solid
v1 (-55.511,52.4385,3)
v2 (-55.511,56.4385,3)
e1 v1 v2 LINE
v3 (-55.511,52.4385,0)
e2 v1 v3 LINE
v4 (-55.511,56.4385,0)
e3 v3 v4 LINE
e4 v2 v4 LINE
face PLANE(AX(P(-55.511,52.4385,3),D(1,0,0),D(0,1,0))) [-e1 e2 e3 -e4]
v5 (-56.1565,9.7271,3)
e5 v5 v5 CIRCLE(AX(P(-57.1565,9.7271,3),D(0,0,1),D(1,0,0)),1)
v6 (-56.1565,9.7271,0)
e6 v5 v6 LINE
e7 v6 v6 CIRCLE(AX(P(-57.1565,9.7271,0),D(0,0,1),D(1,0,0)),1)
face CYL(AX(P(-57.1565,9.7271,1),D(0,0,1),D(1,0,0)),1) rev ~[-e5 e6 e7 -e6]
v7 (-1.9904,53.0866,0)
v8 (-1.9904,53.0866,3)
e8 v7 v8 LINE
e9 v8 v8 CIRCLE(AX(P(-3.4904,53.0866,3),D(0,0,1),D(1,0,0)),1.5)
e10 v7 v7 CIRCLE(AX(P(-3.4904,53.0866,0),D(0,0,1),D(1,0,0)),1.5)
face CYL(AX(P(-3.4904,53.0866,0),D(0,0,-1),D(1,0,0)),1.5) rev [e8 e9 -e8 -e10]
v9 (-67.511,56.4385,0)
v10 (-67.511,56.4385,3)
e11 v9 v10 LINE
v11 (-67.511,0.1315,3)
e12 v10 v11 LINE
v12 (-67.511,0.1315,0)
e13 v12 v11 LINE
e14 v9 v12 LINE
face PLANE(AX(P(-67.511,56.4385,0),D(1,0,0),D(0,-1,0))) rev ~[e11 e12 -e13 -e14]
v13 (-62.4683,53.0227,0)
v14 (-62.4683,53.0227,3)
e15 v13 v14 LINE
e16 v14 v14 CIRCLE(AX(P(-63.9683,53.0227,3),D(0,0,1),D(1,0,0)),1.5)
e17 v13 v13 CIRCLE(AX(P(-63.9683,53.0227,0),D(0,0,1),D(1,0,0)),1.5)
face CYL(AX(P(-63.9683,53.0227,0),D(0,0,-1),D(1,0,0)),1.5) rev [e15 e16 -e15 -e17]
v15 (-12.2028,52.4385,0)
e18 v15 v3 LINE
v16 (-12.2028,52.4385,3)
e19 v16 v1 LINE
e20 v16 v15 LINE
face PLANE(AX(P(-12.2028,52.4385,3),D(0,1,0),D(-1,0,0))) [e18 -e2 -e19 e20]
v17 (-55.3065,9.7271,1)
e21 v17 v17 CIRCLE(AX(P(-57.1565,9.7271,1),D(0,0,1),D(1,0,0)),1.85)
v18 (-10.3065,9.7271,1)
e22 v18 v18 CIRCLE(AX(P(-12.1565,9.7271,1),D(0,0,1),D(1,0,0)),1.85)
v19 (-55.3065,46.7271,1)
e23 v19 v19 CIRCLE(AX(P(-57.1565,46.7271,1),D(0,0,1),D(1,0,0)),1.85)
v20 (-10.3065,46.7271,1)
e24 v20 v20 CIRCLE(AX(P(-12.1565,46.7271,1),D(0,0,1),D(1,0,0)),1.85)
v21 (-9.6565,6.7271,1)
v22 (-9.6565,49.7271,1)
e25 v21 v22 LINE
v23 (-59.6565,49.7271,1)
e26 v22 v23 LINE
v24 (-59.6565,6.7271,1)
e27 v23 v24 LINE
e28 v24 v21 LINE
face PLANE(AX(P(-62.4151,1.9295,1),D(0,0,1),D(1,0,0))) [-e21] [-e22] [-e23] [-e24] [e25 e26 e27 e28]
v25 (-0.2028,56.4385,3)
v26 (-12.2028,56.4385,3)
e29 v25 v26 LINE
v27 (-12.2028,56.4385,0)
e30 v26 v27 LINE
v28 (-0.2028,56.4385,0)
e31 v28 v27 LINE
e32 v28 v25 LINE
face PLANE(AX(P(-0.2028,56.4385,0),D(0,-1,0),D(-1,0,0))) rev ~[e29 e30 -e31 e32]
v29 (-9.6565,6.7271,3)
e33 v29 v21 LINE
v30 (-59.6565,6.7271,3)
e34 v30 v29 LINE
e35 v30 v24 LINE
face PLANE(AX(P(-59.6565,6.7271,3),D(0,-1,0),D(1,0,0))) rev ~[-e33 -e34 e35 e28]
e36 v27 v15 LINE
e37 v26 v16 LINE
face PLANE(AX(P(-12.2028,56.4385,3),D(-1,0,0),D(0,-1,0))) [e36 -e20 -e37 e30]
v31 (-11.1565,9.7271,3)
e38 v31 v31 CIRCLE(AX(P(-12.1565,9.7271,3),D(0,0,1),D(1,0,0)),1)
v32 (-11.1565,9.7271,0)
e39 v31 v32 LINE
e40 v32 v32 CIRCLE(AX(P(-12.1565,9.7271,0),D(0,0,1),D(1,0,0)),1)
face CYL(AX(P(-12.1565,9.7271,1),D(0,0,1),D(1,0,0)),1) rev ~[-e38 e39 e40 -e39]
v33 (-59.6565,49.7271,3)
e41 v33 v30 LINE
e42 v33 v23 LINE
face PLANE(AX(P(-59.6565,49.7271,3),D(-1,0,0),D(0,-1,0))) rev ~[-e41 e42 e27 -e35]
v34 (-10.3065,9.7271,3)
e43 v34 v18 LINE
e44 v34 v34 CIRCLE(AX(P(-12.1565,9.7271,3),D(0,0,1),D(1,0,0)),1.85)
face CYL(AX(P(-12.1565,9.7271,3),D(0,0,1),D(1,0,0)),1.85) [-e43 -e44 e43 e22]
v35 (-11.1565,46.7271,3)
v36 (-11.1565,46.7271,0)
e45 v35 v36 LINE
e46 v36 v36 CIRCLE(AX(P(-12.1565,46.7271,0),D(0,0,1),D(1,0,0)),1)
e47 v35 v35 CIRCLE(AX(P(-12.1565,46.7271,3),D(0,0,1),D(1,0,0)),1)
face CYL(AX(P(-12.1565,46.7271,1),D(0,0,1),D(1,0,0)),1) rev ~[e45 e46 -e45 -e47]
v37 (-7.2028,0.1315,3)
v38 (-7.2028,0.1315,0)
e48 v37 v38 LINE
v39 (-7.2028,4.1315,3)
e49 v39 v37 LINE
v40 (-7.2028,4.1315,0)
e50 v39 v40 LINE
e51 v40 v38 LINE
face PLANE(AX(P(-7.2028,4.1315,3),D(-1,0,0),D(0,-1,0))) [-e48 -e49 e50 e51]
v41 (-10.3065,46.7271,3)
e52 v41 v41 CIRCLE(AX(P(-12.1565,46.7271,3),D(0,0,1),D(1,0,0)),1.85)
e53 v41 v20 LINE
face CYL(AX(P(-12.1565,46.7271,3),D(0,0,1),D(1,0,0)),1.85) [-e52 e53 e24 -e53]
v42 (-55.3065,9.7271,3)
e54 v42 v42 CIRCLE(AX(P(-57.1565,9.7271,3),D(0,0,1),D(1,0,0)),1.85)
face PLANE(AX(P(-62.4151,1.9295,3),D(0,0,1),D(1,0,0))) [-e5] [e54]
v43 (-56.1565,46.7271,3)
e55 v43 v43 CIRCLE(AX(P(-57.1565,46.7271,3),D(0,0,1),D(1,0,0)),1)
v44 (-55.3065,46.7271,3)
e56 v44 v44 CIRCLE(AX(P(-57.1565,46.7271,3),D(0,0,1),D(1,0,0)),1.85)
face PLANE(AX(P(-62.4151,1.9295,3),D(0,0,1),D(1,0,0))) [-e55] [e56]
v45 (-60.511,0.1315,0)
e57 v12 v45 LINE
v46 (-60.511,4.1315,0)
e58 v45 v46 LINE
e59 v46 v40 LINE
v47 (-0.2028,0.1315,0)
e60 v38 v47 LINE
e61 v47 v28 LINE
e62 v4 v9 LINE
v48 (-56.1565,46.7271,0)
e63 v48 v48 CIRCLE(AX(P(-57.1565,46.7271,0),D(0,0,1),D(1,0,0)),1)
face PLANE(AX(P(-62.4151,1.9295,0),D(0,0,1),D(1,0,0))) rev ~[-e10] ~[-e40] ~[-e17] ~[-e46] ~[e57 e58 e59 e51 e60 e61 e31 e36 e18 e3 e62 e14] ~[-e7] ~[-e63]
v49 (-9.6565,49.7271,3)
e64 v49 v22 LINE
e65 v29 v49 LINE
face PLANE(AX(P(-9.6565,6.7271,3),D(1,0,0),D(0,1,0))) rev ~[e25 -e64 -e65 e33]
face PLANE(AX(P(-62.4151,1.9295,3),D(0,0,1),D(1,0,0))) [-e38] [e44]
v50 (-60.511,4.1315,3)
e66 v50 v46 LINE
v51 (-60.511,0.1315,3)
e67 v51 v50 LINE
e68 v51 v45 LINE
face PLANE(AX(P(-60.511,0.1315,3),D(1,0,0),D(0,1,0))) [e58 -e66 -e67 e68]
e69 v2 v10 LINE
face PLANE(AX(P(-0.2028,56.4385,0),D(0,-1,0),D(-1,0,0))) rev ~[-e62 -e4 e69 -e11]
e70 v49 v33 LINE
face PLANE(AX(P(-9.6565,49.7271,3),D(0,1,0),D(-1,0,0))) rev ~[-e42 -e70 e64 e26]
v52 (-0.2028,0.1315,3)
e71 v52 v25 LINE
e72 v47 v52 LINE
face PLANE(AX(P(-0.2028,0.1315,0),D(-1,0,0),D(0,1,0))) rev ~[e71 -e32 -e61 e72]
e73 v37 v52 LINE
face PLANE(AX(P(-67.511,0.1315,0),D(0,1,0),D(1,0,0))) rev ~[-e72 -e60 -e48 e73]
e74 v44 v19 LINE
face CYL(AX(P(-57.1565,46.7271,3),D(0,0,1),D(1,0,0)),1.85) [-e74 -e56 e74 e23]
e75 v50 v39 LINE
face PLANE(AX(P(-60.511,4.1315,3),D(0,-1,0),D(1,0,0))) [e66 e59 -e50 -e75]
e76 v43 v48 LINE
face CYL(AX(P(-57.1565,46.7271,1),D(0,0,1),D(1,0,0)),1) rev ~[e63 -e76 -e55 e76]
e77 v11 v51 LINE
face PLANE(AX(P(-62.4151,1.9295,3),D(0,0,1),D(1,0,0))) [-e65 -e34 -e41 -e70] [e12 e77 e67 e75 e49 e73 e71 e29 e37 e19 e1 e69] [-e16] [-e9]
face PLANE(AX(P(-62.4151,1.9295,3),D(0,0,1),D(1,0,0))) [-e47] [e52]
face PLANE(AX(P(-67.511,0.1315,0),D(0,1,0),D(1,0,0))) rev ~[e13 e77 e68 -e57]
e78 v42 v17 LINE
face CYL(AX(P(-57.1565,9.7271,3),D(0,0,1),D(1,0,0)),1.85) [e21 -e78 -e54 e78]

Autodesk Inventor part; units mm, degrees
ref_plane "YZ Plane" through (0, 0, 0) normal (1, 0, 0) x (0, 1, 0)
ref_plane "XZ Plane" through (0, 0, 0) normal (0, 1, 0) x (-1, 0, 0)
ref_plane "XY Plane" through (0, 0, 0) normal (0, 0, 1) x (1, 0, 0)
ref_plane "Work Plane1" through (-62.4151, 1.9295, 0) normal (0, 0, 1) x (1, 0, 0)
sketch "Sketch1" plane through (-62.4151, 1.9295, 0) normal (0, 0, 1) x (1, 0, 0)
  line L0 (-5.0959, -1.798) -> (62.2123, -1.798)
  line L1 (62.2123, -1.798) -> (62.2123, 54.509)
  line L2 (62.2123, 54.509) -> (-5.0959, 54.509)
  line L3 (-5.0959, 54.509) -> (-5.0959, -1.798)
  circle A0 centre (-1.5532, 51.0932) radius 1.5
  circle A1 centre (58.9247, 51.1571) radius 1.5
  point P0 (62.4151, -1.9295)
  dimension "d1" = 3
  dimension "d6" = 3
extrude "Extrusion1" add sketch "Sketch1" along normal blind 3
sketch "Sketch3" plane through (-62.4151, 1.9295, 3) normal (0, 0, 1) x (1, 0, 0)
  line L0 (52.7586, 47.7976) -> (2.7586, 47.7976)
  line L1 (2.7586, 47.7976) -> (2.7586, 4.7976)
  line L2 (2.7586, 4.7976) -> (52.7586, 4.7976)
  line L3 (52.7586, 4.7976) -> (52.7586, 47.7976)
  circle A0 centre (5.2586, 7.7976) radius 1
  circle A1 centre (5.2586, 7.7976) radius 1.85
  circle A2 centre (50.2586, 7.7976) radius 1
  circle A3 centre (50.2586, 7.7976) radius 1.85
  circle A4 centre (50.2586, 44.7976) radius 1
  circle A5 centre (50.2586, 44.7976) radius 1.85
  circle A6 centre (5.2586, 44.7976) radius 1
  circle A7 centre (5.2586, 44.7976) radius 1.85
  point P0 (62.4151, -1.9295)
  dimension "d7" = 50
  dimension "d8" = 43
  dimension "d9" = 2
  dimension "d10" = 3.7
  dimension "d11" = 3
  dimension "d12" = 2.5
  dimension "d13" = 2
  dimension "d14" = 3.7
  dimension "d15" = 2
  dimension "d16" = 3.7
  dimension "d17" = 2
  dimension "d18" = 3.7
  dimension "d19" = 3
  dimension "d20" = 2.5
  dimension "d21" = 2.5
  dimension "d22" = 3
  dimension "d23" = 2.5
  dimension "d24" = 3
extrude "Extrusion3" cut sketch "Sketch3" against normal blind 2
sketch "Sketch4" plane through (-62.4151, 1.9295, 1) normal (0, 0, 1) x (1, 0, 0)
  circle A0 centre (50.2586, 7.7976) radius 1 projected
  circle A1 centre (50.2586, 7.7976) radius 1
  circle A2 centre (50.2586, 44.7976) radius 1 projected
  circle A3 centre (50.2586, 44.7976) radius 1
  circle A4 centre (5.2586, 44.7976) radius 1 projected
  circle A5 centre (5.2586, 44.7976) radius 1
  circle A6 centre (5.2586, 7.7976) radius 1 projected
  circle A7 centre (5.2586, 7.7976) radius 1
  point P0 (62.4151, -1.9295)
extrude "Extrusion4" cut sketch "Sketch4" against normal through all
sketch "Sketch5" plane through (-62.4151, 1.9295, 3) normal (0, 0, 1) x (1, 0, 0)
  line L0 (-5.0959, -1.798) -> (62.2123, -1.798) projected
  line L1 (55.2123, -1.798) -> (1.9041, -1.798)
  line L2 (1.9041, -1.798) -> (1.9041, 2.202)
  line L3 (1.9041, 2.202) -> (55.2123, 2.202)
  line L4 (55.2123, 2.202) -> (55.2123, -1.798)
  line L5 (62.2123, 54.509) -> (-5.0959, 54.509) projected
  line L6 (6.9041, 54.509) -> (50.2123, 54.509)
  line L7 (50.2123, 54.509) -> (50.2123, 50.509)
  line L8 (50.2123, 50.509) -> (6.9041, 50.509)
  line L9 (6.9041, 50.509) -> (6.9041, 54.509)
  line L10 (62.2123, -1.798) -> (62.2123, 54.509) projected
  line L11 (-5.0959, 54.509) -> (-5.0959, -1.798) projected
  point P0 (62.4151, -1.9295)
  point P1 (50.2123, 52.509)
  point P2 (6.9041, 52.509)
  point P3 (1.9041, 0.202)
  point P4 (55.2123, 0.202)
  dimension "d29" = 4
  dimension "d30" = 4
  dimension "d31" = 12
  dimension "d32" = 12
  dimension "d33" = 7
  dimension "d34" = 7
extrude "Extrusion5" cut sketch "Sketch5" against normal through all contours L2 L3 L4 L0 | L5 L7 L8 L9
properties part number "RelayTray"
